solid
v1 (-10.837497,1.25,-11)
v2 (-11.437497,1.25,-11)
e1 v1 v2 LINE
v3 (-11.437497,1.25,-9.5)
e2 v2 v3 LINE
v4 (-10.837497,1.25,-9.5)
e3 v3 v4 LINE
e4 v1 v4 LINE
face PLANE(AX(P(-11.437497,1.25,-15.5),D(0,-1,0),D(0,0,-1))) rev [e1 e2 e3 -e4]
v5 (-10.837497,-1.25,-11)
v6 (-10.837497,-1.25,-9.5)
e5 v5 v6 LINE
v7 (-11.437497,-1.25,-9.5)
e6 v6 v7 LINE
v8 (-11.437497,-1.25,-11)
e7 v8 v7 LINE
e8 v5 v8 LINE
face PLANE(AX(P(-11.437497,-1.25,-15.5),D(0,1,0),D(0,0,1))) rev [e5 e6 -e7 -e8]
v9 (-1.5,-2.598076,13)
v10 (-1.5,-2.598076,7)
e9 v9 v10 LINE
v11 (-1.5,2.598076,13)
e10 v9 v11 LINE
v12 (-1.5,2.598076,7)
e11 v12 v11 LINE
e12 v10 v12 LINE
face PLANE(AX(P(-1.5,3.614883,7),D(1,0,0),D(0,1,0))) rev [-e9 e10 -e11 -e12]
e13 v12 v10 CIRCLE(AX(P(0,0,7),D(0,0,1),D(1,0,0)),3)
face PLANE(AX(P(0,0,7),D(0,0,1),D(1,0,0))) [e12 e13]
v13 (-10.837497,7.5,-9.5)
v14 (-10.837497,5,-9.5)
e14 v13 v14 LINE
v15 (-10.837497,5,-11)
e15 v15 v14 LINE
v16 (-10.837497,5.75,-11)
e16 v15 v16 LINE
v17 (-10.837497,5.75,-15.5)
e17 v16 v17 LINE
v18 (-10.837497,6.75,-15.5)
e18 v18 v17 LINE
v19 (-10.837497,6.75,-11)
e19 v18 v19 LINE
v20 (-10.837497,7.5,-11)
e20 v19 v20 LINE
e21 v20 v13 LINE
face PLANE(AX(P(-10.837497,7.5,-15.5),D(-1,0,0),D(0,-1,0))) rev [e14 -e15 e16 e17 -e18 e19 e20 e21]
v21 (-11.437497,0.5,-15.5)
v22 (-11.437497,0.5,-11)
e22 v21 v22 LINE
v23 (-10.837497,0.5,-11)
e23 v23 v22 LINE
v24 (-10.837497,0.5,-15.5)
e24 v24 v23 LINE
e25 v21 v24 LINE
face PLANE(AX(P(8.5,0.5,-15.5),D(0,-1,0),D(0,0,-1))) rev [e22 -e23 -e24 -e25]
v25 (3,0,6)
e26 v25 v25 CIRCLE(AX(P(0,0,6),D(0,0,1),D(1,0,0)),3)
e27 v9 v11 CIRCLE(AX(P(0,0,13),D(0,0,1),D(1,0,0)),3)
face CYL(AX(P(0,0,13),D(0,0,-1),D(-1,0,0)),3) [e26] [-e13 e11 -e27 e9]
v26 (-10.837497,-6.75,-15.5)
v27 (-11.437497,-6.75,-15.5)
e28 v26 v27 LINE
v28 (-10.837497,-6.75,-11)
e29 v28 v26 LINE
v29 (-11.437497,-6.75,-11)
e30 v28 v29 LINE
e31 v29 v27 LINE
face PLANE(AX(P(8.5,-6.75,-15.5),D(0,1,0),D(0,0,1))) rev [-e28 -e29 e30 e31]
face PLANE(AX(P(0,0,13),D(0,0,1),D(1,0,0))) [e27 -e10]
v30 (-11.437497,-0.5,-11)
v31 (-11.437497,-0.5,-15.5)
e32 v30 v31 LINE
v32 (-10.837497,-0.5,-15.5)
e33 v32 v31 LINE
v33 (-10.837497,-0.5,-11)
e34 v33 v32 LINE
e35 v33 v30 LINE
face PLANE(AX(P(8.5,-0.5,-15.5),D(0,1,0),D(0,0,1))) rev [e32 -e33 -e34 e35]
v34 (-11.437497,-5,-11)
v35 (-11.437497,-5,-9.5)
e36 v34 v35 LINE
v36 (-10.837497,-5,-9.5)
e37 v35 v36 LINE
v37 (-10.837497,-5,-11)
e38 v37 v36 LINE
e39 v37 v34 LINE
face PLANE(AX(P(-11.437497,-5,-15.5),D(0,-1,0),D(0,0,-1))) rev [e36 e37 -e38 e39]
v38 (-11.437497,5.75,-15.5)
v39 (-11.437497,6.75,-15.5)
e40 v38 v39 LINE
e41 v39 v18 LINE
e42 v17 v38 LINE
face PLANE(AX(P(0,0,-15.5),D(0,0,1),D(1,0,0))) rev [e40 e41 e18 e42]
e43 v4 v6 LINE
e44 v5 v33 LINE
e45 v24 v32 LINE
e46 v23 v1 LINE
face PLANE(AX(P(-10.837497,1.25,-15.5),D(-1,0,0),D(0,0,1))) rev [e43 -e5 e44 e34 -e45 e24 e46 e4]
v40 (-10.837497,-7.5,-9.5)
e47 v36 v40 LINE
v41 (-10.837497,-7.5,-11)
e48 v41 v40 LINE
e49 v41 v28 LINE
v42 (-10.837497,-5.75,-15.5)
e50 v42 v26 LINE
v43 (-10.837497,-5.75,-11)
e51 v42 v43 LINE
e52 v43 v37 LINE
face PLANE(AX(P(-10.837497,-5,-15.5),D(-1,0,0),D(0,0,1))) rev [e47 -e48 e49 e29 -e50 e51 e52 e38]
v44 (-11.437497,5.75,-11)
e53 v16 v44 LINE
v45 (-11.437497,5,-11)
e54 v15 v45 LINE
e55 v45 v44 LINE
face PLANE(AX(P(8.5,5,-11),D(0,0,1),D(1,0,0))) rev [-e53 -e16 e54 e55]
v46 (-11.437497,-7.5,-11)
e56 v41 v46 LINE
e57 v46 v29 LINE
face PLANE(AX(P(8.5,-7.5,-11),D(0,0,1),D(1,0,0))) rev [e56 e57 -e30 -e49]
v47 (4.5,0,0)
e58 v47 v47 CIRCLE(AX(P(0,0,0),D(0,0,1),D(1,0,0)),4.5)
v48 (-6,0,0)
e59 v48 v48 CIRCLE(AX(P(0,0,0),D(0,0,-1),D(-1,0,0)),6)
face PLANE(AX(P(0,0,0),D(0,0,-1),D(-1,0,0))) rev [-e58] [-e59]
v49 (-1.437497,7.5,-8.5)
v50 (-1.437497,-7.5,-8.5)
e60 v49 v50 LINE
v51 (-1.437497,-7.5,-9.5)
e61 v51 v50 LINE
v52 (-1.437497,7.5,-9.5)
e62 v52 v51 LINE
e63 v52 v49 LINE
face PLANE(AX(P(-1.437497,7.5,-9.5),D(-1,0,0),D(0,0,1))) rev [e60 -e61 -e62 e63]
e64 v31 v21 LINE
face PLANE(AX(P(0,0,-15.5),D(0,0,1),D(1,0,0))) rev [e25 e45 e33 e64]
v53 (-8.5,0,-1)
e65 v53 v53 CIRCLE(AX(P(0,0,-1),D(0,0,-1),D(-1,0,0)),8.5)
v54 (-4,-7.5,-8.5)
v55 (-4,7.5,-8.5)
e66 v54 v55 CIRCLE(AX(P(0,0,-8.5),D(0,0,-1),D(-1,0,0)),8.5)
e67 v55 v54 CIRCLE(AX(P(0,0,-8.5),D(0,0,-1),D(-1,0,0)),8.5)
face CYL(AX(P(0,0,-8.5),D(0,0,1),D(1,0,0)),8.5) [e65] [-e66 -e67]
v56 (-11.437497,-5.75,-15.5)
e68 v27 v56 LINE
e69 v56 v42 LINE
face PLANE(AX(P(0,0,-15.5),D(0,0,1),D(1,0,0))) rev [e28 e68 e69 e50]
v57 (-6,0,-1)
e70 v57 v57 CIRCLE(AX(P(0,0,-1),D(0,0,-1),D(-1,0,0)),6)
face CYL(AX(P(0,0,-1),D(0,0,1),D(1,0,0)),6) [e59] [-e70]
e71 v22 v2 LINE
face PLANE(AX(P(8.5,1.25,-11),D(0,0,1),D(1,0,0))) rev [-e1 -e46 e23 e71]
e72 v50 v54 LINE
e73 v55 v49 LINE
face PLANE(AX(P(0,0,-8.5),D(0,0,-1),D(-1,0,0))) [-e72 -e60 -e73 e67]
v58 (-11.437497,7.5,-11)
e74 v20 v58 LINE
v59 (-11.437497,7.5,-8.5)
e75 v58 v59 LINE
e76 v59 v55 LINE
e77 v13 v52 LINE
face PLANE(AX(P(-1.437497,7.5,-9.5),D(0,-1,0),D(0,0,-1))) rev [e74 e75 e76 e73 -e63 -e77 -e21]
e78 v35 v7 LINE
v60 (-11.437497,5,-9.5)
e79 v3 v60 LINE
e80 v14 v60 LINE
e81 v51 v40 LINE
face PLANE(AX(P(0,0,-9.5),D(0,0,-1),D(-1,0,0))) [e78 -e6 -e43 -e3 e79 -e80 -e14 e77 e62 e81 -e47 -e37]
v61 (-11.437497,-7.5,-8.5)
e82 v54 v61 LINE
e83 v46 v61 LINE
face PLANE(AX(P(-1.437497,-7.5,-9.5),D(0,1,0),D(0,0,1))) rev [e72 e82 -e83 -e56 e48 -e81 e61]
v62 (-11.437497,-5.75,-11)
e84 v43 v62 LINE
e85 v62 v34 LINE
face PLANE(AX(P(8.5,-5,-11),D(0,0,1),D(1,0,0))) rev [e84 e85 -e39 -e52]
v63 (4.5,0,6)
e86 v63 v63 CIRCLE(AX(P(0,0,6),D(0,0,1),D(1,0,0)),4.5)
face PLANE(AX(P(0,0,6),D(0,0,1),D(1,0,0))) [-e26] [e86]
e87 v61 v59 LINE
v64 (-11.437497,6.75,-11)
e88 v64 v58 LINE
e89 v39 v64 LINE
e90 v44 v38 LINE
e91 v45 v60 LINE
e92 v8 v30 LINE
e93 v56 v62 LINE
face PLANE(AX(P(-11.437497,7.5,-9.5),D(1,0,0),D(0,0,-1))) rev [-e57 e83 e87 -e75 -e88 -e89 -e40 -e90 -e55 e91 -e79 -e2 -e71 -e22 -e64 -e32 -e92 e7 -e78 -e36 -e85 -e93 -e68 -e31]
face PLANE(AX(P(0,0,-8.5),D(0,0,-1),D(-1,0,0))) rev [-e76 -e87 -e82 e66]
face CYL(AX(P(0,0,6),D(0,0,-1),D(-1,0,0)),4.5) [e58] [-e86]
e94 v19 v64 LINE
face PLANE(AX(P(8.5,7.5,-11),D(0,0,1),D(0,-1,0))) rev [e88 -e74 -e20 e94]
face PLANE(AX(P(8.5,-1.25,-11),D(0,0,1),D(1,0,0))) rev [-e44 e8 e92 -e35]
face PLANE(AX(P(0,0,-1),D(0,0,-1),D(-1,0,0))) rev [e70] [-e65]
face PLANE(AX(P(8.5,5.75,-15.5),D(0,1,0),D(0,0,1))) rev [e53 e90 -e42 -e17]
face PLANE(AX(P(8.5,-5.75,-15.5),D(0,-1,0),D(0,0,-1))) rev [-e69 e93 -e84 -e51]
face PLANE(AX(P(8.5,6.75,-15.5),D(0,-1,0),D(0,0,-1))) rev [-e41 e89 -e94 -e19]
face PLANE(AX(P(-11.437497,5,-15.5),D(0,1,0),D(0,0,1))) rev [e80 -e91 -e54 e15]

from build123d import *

# Parameters (mm, degrees)
SKETCH_1_R          = 4.5
EXTRUDE_1_DEPTH     = 6
SKETCH_2_R          = 3
EXTRUDE_2_DEPTH     = 7
SKETCH_3_W          = 3.768316072
SKETCH_3_H          = 6.517836593
CUT_EXTRUDE_1_DEPTH = 6
SKETCH_4_R          = 6
EXTRUDE_3_DEPTH     = 1
SKETCH_5_R          = 8.5
EXTRUDE_4_DEPTH     = 7.5
SKETCH_6_W          = 10
SKETCH_6_H          = 15
EXTRUDE_5_DEPTH     = 1
SKETCH_7_W          = 0.6
SKETCH_7_H          = 2.5
EXTRUDE_6_DEPTH     = 6
SKETCH_8_W          = 4.5
SKETCH_8_H          = 0.75
CUT_EXTRUDE_2_DEPTH = 27.645896495


with BuildPart() as part:
    # Эскиз1 → Бобышка-Вытянуть1 (new body)
    with BuildSketch(Plane.XY):
        Circle(SKETCH_1_R)
    extrude(amount=EXTRUDE_1_DEPTH)

    # Эскиз2 → Бобышка-Вытянуть2 (add)
    with BuildSketch(Plane.XY.offset(6)):
        Circle(SKETCH_2_R)
    extrude(amount=EXTRUDE_2_DEPTH)

    # Эскиз3 → Вырез-Вытянуть1 (cut)
    with BuildSketch(Plane.XY.offset(13)):
        with Locations((-3.384158036, 0.355964711)):
            Rectangle(SKETCH_3_W, SKETCH_3_H)
    extrude(amount=-CUT_EXTRUDE_1_DEPTH, mode=Mode.SUBTRACT)

    # Эскиз4 → Бобышка-Вытянуть3 (add)
    with BuildSketch(Plane(origin=(0, 0, 0), x_dir=(-1, 0, 0), z_dir=(0, 0, -1))):
        Circle(SKETCH_4_R)
    extrude(amount=EXTRUDE_3_DEPTH)

    # Эскиз5 → Бобышка-Вытянуть4 (add)
    with BuildSketch(Plane(origin=(0, 0, -1), x_dir=(-1, 0, 0), z_dir=(0, 0, -1))):
        Circle(SKETCH_5_R)
    extrude(amount=EXTRUDE_4_DEPTH)

    # Эскиз6 → Бобышка-Вытянуть5 (add)
    with BuildSketch(Plane(origin=(0, 0, -8.5), x_dir=(-1, 0, 0), z_dir=(0, 0, -1))):
        with Locations((6.437497336, 0)):
            Rectangle(SKETCH_6_W, SKETCH_6_H)
    extrude(amount=EXTRUDE_5_DEPTH)

    # Эскиз7 → Бобышка-Вытянуть6 (add)
    with BuildSketch(Plane(origin=(0, 0, -9.5), x_dir=(-1, 0, 0), z_dir=(0, 0, -1))):
        with Locations((11.137497336, 6.25)):
            Rectangle(SKETCH_7_W, SKETCH_7_H)
        with Locations((11.137497336, 0)):
            Rectangle(SKETCH_7_W, SKETCH_7_H)
        with Locations((11.137497336, -6.25)):
            Rectangle(SKETCH_7_W, SKETCH_7_H)
    extrude(amount=EXTRUDE_6_DEPTH)

    # Эскиз8 → Вырез-Вытянуть2 (cut, through all)
    with BuildSketch(Plane.ZY.offset(11.437497336)):
        with Locations((-13.25, 7.125)):
            Rectangle(SKETCH_8_W, SKETCH_8_H)
        with Locations((-13.25, 5.375)):
            Rectangle(SKETCH_8_W, SKETCH_8_H)
        with Locations((-13.25, 0.875)):
            Rectangle(SKETCH_8_W, SKETCH_8_H)
        with Locations((-13.25, -0.875)):
            Rectangle(SKETCH_8_W, SKETCH_8_H)
        with Locations((-13.25, -5.375)):
            Rectangle(SKETCH_8_W, SKETCH_8_H)
        with Locations((-13.25, -7.125)):
            Rectangle(SKETCH_8_W, SKETCH_8_H)
    extrude(amount=-CUT_EXTRUDE_2_DEPTH, mode=Mode.SUBTRACT)


solid = part.part
